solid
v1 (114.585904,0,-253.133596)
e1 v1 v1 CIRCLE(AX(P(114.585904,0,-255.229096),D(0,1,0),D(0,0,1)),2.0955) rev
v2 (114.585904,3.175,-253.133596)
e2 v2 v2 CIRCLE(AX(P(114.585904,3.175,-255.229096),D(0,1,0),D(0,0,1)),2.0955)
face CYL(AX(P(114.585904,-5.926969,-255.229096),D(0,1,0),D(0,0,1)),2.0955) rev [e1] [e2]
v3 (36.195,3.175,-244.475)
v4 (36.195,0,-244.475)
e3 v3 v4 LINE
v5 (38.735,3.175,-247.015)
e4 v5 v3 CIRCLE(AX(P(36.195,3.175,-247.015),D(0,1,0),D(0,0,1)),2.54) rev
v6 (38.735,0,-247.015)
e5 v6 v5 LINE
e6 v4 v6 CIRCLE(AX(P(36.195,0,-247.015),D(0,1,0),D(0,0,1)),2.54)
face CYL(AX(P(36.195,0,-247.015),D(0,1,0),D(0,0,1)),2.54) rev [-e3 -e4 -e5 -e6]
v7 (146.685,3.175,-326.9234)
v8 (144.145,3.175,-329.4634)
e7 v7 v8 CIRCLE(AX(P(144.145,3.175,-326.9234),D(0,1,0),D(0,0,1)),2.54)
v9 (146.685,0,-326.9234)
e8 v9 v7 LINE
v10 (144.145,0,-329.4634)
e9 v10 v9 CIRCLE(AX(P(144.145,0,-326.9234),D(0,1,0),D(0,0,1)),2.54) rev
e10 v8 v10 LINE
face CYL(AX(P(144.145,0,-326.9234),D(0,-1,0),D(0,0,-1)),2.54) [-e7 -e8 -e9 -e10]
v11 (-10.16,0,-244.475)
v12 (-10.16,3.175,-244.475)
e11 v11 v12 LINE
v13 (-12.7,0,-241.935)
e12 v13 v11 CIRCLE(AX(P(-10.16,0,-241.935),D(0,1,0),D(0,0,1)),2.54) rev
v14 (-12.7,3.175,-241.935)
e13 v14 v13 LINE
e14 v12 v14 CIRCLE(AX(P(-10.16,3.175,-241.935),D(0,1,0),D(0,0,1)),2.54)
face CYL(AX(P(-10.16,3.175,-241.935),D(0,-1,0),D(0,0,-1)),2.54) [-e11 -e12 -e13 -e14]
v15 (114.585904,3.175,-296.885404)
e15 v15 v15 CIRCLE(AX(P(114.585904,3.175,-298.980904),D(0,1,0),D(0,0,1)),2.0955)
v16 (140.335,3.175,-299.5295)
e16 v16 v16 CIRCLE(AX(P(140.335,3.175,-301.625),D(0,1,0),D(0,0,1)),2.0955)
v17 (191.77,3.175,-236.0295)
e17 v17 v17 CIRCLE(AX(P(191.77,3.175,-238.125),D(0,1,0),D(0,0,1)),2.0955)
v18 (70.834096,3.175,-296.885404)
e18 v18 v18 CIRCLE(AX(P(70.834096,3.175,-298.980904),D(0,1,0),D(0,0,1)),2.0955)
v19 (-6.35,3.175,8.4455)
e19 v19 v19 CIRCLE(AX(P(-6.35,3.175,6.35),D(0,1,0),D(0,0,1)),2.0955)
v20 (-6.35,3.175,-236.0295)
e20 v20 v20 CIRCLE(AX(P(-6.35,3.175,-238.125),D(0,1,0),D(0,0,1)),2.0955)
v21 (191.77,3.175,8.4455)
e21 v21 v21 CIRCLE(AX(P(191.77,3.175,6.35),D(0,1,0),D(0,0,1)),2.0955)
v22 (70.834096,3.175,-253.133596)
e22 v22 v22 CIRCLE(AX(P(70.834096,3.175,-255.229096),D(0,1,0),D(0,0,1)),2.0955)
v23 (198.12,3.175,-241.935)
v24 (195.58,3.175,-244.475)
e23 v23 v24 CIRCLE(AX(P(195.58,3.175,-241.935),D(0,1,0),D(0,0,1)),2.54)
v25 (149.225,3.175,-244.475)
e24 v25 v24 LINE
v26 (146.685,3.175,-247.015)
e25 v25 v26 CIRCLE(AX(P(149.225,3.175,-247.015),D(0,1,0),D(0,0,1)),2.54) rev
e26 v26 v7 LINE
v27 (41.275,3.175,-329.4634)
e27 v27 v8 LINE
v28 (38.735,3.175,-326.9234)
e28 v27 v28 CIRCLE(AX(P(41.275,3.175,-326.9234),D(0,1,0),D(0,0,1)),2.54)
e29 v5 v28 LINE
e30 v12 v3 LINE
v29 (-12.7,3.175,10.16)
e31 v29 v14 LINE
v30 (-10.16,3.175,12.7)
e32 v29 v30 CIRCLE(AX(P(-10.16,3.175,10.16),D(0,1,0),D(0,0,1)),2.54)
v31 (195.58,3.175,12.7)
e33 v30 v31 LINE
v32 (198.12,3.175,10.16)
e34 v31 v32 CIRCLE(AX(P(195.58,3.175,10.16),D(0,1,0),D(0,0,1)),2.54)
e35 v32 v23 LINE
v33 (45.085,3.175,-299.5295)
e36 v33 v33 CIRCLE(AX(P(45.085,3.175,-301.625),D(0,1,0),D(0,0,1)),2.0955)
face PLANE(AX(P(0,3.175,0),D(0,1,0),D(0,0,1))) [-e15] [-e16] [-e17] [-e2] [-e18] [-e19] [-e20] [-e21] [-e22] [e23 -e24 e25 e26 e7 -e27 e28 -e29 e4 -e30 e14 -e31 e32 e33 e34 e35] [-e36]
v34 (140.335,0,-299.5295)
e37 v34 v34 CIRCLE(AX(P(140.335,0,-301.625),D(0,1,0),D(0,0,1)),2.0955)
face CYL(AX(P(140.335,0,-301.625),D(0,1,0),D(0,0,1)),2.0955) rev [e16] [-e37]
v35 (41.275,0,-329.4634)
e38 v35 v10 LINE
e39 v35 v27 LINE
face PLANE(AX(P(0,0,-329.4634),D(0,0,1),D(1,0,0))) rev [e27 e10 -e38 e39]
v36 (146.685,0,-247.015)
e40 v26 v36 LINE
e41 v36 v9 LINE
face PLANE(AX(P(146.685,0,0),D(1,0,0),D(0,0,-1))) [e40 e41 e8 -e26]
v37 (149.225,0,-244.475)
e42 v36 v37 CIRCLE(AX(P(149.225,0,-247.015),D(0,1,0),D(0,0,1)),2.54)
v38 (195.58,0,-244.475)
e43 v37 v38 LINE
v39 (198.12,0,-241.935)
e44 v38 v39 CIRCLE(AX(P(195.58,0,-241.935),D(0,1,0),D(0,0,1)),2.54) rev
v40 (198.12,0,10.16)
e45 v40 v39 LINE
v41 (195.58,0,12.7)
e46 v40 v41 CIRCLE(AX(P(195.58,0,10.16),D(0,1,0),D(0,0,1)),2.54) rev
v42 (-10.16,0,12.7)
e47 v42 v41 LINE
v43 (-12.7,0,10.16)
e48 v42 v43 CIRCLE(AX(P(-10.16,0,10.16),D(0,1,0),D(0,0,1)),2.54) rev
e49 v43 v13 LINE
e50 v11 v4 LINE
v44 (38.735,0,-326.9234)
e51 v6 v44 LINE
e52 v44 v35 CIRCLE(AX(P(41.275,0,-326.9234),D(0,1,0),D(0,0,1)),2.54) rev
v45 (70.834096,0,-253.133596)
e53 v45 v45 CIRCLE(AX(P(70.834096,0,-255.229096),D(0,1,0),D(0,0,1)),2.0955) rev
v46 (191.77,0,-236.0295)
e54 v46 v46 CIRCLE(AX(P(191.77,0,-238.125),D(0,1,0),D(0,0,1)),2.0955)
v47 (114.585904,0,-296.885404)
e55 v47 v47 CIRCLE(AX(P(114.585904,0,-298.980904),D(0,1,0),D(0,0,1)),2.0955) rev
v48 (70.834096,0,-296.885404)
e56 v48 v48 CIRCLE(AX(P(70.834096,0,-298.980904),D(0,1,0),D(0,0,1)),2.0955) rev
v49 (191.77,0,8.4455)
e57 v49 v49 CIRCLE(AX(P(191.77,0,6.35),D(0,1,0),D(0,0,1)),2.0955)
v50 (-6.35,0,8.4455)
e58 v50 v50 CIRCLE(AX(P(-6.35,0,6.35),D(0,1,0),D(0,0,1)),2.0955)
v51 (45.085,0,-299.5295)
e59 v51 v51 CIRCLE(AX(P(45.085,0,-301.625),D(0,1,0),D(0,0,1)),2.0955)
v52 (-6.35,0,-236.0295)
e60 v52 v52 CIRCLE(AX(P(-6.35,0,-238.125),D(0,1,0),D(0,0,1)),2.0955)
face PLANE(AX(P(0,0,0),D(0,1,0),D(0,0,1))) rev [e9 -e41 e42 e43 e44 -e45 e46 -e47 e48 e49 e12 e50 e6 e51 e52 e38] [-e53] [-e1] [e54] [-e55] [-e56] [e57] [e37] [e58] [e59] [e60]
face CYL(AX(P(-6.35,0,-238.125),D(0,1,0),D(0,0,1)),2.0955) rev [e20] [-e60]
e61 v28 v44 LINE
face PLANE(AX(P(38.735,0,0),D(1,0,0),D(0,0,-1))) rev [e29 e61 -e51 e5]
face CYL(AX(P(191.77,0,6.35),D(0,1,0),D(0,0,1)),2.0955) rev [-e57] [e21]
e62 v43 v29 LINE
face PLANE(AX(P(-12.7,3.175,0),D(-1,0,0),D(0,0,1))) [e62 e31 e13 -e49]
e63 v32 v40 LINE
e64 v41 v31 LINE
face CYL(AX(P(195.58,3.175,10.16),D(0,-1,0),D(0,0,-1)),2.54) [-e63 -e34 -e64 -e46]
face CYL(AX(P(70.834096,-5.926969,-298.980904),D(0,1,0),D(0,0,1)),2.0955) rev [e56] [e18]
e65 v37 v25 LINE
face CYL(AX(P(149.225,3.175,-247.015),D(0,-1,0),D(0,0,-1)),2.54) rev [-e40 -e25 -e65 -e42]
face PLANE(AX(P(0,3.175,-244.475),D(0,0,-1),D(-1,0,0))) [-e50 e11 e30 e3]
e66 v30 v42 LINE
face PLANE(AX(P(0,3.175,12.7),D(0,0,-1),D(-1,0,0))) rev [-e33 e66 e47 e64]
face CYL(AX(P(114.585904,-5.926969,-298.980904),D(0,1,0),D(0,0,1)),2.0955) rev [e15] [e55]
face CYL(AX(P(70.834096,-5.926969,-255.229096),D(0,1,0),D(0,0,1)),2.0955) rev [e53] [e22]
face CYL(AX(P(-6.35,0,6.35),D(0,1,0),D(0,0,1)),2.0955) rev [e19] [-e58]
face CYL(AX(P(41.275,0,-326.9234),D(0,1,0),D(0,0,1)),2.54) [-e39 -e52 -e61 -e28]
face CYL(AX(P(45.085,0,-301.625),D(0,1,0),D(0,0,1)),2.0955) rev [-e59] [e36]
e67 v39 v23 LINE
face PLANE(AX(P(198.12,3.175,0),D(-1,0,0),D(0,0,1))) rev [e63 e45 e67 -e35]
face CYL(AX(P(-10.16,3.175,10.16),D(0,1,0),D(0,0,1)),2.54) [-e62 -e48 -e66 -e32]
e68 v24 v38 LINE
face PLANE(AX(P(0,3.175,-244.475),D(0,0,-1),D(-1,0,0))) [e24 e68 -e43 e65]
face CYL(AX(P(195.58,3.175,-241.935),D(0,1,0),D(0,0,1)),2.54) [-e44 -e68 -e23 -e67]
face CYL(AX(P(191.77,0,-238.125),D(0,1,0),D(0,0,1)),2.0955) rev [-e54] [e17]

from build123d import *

# Parameters (mm, degrees)
SKETCH1_W           = 210.82
SKETCH1_H           = 257.175
SKETCH1_W_2         = 185.42
SKETCH1_H_2         = 231.775
BOSS_EXTRUDE1_DEPTH = 3.175
SKETCH3_R           = 2.0955
CUT_EXTRUDE1_DEPTH  = 3.175
SKETCH3_3_R         = 45.33
SKETCH3_3_W         = 107.95
SKETCH3_3_H         = 21.4884
BOSS_EXTRUDE2_DEPTH = 3.175
FILLET1_R           = 2.54
SKETCH4_R           = 2.0955
CUT_EXTRUDE2_DEPTH  = 3.175


with BuildPart() as part:
    # Sketch1 → Boss-Extrude1 (new body)
    with BuildSketch(Plane(origin=(0, 0, 0), x_dir=(1, 0, 0), z_dir=(0, 1, 0))):
        with Locations((92.71, 115.8875)):
            Rectangle(SKETCH1_W, SKETCH1_H)
        with Locations((92.71, 115.8875)):
            Rectangle(SKETCH1_W_2, SKETCH1_H_2, mode=Mode.SUBTRACT)
        with Locations((92.71, 115.8875)):
            Rectangle(SKETCH1_W_2, SKETCH1_H_2)
    extrude(amount=BOSS_EXTRUDE1_DEPTH)

    # Sketch3 → Cut-Extrude1 (cut)
    with BuildSketch(Plane(origin=(0, 3.175, 0), x_dir=(1, 0, 0), z_dir=(0, 1, 0))):
        with Locations(Location((191.77, 238.125, 0), (0, 0, 270))):
            Circle(SKETCH3_R)
        with Locations(Location((191.77, -6.35, 0), (0, 0, 270))):
            Circle(SKETCH3_R)
        with Locations(Location((-6.35, -6.35, 0), (0, 0, 270))):
            Circle(SKETCH3_R)
        with Locations(Location((-6.35, 238.125, 0), (0, 0, 270))):
            Circle(SKETCH3_R)
    extrude(amount=-CUT_EXTRUDE1_DEPTH, mode=Mode.SUBTRACT)

    # Sketch3<3> → Boss-Extrude2 (add)
    with BuildSketch(Plane(origin=(0, 3.175, 0), x_dir=(1, 0, 0), z_dir=(0, 1, 0))):
        with BuildLine():
            ThreePointArc((138.04, 277.105), (134.430200877, 259.378360759), (124.175727387, 244.475))
            Line((124.175727387, 244.475), (146.685, 244.475))
            Line((146.685, 244.475), (146.685, 301.625))
            Line((146.685, 301.625), (142.4305, 301.625))
            ThreePointArc((142.4305, 301.625), (138.85325774, 300.14325774), (140.335, 303.7205))
            Line((140.335, 303.7205), (140.335, 307.975))
            Line((140.335, 307.975), (125.904156112, 307.975))
            ThreePointArc((125.904156112, 307.975), (134.897083311, 293.68989981), (138.04, 277.105))
        make_face()
        with BuildLine():
            Line((142.4305, 301.625), (146.685, 301.625))
            Line((146.685, 301.625), (146.685, 307.975))
            Line((146.685, 307.975), (140.335, 307.975))
            Line((140.335, 307.975), (140.335, 303.7205))
            ThreePointArc((140.335, 303.7205), (141.81674226, 303.10674226), (142.4305, 301.625))
        make_face()
        with BuildLine():
            Line((38.735, 244.475), (61.244272613, 244.475))
            ThreePointArc((61.244272613, 244.475), (47.396783015, 275.871603687), (59.515843888, 307.975))
            Line((59.515843888, 307.975), (45.085, 307.975))
            Line((45.085, 307.975), (45.085, 303.7205))
            ThreePointArc((45.085, 303.7205), (46.56674226, 303.10674226), (47.1805, 301.625))
            ThreePointArc((47.1805, 301.625), (45.085, 299.5295), (42.9895, 301.625))
            Line((42.9895, 301.625), (38.735, 301.625))
            Line((38.735, 301.625), (38.735, 244.475))
        make_face()
        with BuildLine():
            Line((38.735, 307.975), (38.735, 301.625))
            Line((38.735, 301.625), (42.9895, 301.625))
            ThreePointArc((42.9895, 301.625), (43.60325774, 303.10674226), (45.085, 303.7205))
            Line((45.085, 303.7205), (45.085, 307.975))
            Line((45.085, 307.975), (38.735, 307.975))
        make_face()
        with BuildLine():
            ThreePointArc((61.244272613, 244.475), (75.743989862, 235.069736233), (92.71, 231.775))
            Line((92.71, 231.775), (92.71, 244.475))
            Line((92.71, 244.475), (61.244272613, 244.475))
        make_face()
        with BuildLine():
            Line((92.71, 244.475), (92.71, 231.775))
            ThreePointArc((92.71, 231.775), (109.676010138, 235.069736233), (124.175727387, 244.475))
            Line((124.175727387, 244.475), (92.71, 244.475))
        make_face()
        with Locations((92.71, 277.105)):
            Circle(SKETCH3_3_R)
        with Locations((92.71, 318.7192)):
            Rectangle(SKETCH3_3_W, SKETCH3_3_H)
        with BuildLine():
            Line((59.515843888, 307.975), (92.71, 307.975))
            Line((92.71, 307.975), (92.71, 322.435))
            ThreePointArc((92.71, 322.435), (74.606522434, 318.663067809), (59.515843888, 307.975))
        make_face()
        with BuildLine():
            Line((92.71, 322.435), (92.71, 307.975))
            Line((92.71, 307.975), (125.904156112, 307.975))
            ThreePointArc((125.904156112, 307.975), (110.813477566, 318.663067809), (92.71, 322.435))
        make_face()
    extrude(amount=-BOSS_EXTRUDE2_DEPTH)

    # Fillet1
    fillet1_edges = [part.edges().sort_by_distance(p)[0] for p in [
        (146.685, 1.5875, -244.475),
        (38.735, 1.5875, -244.475),
        (38.735, 1.5875, -329.4634),
        (146.685, 1.5875, -329.4634),
        (-12.7, 1.5875, -244.475),
        (198.12, 1.5875, -244.475),
        (198.12, 1.5875, 12.7),
        (-12.7, 1.5875, 12.7),
    ]]
    fillet(fillet1_edges, radius=FILLET1_R)

    # Sketch4 → Cut-Extrude2 (cut)
    with BuildSketch(Plane(origin=(0, 3.175, 0), x_dir=(1, 0, 0), z_dir=(0, 1, 0))):
        with Locations(Location((70.834096089, 298.980903911, 0), (0, 0, 270))):
            Circle(SKETCH4_R)
        with Locations(Location((114.585903911, 298.980903911, 0), (0, 0, 270))):
            Circle(SKETCH4_R)
        with Locations(Location((114.585903911, 255.229096089, 0), (0, 0, 270))):
            Circle(SKETCH4_R)
        with Locations(Location((70.834096089, 255.229096089, 0), (0, 0, 270))):
            Circle(SKETCH4_R)
    extrude(amount=-CUT_EXTRUDE2_DEPTH, mode=Mode.SUBTRACT)


solid = part.part
